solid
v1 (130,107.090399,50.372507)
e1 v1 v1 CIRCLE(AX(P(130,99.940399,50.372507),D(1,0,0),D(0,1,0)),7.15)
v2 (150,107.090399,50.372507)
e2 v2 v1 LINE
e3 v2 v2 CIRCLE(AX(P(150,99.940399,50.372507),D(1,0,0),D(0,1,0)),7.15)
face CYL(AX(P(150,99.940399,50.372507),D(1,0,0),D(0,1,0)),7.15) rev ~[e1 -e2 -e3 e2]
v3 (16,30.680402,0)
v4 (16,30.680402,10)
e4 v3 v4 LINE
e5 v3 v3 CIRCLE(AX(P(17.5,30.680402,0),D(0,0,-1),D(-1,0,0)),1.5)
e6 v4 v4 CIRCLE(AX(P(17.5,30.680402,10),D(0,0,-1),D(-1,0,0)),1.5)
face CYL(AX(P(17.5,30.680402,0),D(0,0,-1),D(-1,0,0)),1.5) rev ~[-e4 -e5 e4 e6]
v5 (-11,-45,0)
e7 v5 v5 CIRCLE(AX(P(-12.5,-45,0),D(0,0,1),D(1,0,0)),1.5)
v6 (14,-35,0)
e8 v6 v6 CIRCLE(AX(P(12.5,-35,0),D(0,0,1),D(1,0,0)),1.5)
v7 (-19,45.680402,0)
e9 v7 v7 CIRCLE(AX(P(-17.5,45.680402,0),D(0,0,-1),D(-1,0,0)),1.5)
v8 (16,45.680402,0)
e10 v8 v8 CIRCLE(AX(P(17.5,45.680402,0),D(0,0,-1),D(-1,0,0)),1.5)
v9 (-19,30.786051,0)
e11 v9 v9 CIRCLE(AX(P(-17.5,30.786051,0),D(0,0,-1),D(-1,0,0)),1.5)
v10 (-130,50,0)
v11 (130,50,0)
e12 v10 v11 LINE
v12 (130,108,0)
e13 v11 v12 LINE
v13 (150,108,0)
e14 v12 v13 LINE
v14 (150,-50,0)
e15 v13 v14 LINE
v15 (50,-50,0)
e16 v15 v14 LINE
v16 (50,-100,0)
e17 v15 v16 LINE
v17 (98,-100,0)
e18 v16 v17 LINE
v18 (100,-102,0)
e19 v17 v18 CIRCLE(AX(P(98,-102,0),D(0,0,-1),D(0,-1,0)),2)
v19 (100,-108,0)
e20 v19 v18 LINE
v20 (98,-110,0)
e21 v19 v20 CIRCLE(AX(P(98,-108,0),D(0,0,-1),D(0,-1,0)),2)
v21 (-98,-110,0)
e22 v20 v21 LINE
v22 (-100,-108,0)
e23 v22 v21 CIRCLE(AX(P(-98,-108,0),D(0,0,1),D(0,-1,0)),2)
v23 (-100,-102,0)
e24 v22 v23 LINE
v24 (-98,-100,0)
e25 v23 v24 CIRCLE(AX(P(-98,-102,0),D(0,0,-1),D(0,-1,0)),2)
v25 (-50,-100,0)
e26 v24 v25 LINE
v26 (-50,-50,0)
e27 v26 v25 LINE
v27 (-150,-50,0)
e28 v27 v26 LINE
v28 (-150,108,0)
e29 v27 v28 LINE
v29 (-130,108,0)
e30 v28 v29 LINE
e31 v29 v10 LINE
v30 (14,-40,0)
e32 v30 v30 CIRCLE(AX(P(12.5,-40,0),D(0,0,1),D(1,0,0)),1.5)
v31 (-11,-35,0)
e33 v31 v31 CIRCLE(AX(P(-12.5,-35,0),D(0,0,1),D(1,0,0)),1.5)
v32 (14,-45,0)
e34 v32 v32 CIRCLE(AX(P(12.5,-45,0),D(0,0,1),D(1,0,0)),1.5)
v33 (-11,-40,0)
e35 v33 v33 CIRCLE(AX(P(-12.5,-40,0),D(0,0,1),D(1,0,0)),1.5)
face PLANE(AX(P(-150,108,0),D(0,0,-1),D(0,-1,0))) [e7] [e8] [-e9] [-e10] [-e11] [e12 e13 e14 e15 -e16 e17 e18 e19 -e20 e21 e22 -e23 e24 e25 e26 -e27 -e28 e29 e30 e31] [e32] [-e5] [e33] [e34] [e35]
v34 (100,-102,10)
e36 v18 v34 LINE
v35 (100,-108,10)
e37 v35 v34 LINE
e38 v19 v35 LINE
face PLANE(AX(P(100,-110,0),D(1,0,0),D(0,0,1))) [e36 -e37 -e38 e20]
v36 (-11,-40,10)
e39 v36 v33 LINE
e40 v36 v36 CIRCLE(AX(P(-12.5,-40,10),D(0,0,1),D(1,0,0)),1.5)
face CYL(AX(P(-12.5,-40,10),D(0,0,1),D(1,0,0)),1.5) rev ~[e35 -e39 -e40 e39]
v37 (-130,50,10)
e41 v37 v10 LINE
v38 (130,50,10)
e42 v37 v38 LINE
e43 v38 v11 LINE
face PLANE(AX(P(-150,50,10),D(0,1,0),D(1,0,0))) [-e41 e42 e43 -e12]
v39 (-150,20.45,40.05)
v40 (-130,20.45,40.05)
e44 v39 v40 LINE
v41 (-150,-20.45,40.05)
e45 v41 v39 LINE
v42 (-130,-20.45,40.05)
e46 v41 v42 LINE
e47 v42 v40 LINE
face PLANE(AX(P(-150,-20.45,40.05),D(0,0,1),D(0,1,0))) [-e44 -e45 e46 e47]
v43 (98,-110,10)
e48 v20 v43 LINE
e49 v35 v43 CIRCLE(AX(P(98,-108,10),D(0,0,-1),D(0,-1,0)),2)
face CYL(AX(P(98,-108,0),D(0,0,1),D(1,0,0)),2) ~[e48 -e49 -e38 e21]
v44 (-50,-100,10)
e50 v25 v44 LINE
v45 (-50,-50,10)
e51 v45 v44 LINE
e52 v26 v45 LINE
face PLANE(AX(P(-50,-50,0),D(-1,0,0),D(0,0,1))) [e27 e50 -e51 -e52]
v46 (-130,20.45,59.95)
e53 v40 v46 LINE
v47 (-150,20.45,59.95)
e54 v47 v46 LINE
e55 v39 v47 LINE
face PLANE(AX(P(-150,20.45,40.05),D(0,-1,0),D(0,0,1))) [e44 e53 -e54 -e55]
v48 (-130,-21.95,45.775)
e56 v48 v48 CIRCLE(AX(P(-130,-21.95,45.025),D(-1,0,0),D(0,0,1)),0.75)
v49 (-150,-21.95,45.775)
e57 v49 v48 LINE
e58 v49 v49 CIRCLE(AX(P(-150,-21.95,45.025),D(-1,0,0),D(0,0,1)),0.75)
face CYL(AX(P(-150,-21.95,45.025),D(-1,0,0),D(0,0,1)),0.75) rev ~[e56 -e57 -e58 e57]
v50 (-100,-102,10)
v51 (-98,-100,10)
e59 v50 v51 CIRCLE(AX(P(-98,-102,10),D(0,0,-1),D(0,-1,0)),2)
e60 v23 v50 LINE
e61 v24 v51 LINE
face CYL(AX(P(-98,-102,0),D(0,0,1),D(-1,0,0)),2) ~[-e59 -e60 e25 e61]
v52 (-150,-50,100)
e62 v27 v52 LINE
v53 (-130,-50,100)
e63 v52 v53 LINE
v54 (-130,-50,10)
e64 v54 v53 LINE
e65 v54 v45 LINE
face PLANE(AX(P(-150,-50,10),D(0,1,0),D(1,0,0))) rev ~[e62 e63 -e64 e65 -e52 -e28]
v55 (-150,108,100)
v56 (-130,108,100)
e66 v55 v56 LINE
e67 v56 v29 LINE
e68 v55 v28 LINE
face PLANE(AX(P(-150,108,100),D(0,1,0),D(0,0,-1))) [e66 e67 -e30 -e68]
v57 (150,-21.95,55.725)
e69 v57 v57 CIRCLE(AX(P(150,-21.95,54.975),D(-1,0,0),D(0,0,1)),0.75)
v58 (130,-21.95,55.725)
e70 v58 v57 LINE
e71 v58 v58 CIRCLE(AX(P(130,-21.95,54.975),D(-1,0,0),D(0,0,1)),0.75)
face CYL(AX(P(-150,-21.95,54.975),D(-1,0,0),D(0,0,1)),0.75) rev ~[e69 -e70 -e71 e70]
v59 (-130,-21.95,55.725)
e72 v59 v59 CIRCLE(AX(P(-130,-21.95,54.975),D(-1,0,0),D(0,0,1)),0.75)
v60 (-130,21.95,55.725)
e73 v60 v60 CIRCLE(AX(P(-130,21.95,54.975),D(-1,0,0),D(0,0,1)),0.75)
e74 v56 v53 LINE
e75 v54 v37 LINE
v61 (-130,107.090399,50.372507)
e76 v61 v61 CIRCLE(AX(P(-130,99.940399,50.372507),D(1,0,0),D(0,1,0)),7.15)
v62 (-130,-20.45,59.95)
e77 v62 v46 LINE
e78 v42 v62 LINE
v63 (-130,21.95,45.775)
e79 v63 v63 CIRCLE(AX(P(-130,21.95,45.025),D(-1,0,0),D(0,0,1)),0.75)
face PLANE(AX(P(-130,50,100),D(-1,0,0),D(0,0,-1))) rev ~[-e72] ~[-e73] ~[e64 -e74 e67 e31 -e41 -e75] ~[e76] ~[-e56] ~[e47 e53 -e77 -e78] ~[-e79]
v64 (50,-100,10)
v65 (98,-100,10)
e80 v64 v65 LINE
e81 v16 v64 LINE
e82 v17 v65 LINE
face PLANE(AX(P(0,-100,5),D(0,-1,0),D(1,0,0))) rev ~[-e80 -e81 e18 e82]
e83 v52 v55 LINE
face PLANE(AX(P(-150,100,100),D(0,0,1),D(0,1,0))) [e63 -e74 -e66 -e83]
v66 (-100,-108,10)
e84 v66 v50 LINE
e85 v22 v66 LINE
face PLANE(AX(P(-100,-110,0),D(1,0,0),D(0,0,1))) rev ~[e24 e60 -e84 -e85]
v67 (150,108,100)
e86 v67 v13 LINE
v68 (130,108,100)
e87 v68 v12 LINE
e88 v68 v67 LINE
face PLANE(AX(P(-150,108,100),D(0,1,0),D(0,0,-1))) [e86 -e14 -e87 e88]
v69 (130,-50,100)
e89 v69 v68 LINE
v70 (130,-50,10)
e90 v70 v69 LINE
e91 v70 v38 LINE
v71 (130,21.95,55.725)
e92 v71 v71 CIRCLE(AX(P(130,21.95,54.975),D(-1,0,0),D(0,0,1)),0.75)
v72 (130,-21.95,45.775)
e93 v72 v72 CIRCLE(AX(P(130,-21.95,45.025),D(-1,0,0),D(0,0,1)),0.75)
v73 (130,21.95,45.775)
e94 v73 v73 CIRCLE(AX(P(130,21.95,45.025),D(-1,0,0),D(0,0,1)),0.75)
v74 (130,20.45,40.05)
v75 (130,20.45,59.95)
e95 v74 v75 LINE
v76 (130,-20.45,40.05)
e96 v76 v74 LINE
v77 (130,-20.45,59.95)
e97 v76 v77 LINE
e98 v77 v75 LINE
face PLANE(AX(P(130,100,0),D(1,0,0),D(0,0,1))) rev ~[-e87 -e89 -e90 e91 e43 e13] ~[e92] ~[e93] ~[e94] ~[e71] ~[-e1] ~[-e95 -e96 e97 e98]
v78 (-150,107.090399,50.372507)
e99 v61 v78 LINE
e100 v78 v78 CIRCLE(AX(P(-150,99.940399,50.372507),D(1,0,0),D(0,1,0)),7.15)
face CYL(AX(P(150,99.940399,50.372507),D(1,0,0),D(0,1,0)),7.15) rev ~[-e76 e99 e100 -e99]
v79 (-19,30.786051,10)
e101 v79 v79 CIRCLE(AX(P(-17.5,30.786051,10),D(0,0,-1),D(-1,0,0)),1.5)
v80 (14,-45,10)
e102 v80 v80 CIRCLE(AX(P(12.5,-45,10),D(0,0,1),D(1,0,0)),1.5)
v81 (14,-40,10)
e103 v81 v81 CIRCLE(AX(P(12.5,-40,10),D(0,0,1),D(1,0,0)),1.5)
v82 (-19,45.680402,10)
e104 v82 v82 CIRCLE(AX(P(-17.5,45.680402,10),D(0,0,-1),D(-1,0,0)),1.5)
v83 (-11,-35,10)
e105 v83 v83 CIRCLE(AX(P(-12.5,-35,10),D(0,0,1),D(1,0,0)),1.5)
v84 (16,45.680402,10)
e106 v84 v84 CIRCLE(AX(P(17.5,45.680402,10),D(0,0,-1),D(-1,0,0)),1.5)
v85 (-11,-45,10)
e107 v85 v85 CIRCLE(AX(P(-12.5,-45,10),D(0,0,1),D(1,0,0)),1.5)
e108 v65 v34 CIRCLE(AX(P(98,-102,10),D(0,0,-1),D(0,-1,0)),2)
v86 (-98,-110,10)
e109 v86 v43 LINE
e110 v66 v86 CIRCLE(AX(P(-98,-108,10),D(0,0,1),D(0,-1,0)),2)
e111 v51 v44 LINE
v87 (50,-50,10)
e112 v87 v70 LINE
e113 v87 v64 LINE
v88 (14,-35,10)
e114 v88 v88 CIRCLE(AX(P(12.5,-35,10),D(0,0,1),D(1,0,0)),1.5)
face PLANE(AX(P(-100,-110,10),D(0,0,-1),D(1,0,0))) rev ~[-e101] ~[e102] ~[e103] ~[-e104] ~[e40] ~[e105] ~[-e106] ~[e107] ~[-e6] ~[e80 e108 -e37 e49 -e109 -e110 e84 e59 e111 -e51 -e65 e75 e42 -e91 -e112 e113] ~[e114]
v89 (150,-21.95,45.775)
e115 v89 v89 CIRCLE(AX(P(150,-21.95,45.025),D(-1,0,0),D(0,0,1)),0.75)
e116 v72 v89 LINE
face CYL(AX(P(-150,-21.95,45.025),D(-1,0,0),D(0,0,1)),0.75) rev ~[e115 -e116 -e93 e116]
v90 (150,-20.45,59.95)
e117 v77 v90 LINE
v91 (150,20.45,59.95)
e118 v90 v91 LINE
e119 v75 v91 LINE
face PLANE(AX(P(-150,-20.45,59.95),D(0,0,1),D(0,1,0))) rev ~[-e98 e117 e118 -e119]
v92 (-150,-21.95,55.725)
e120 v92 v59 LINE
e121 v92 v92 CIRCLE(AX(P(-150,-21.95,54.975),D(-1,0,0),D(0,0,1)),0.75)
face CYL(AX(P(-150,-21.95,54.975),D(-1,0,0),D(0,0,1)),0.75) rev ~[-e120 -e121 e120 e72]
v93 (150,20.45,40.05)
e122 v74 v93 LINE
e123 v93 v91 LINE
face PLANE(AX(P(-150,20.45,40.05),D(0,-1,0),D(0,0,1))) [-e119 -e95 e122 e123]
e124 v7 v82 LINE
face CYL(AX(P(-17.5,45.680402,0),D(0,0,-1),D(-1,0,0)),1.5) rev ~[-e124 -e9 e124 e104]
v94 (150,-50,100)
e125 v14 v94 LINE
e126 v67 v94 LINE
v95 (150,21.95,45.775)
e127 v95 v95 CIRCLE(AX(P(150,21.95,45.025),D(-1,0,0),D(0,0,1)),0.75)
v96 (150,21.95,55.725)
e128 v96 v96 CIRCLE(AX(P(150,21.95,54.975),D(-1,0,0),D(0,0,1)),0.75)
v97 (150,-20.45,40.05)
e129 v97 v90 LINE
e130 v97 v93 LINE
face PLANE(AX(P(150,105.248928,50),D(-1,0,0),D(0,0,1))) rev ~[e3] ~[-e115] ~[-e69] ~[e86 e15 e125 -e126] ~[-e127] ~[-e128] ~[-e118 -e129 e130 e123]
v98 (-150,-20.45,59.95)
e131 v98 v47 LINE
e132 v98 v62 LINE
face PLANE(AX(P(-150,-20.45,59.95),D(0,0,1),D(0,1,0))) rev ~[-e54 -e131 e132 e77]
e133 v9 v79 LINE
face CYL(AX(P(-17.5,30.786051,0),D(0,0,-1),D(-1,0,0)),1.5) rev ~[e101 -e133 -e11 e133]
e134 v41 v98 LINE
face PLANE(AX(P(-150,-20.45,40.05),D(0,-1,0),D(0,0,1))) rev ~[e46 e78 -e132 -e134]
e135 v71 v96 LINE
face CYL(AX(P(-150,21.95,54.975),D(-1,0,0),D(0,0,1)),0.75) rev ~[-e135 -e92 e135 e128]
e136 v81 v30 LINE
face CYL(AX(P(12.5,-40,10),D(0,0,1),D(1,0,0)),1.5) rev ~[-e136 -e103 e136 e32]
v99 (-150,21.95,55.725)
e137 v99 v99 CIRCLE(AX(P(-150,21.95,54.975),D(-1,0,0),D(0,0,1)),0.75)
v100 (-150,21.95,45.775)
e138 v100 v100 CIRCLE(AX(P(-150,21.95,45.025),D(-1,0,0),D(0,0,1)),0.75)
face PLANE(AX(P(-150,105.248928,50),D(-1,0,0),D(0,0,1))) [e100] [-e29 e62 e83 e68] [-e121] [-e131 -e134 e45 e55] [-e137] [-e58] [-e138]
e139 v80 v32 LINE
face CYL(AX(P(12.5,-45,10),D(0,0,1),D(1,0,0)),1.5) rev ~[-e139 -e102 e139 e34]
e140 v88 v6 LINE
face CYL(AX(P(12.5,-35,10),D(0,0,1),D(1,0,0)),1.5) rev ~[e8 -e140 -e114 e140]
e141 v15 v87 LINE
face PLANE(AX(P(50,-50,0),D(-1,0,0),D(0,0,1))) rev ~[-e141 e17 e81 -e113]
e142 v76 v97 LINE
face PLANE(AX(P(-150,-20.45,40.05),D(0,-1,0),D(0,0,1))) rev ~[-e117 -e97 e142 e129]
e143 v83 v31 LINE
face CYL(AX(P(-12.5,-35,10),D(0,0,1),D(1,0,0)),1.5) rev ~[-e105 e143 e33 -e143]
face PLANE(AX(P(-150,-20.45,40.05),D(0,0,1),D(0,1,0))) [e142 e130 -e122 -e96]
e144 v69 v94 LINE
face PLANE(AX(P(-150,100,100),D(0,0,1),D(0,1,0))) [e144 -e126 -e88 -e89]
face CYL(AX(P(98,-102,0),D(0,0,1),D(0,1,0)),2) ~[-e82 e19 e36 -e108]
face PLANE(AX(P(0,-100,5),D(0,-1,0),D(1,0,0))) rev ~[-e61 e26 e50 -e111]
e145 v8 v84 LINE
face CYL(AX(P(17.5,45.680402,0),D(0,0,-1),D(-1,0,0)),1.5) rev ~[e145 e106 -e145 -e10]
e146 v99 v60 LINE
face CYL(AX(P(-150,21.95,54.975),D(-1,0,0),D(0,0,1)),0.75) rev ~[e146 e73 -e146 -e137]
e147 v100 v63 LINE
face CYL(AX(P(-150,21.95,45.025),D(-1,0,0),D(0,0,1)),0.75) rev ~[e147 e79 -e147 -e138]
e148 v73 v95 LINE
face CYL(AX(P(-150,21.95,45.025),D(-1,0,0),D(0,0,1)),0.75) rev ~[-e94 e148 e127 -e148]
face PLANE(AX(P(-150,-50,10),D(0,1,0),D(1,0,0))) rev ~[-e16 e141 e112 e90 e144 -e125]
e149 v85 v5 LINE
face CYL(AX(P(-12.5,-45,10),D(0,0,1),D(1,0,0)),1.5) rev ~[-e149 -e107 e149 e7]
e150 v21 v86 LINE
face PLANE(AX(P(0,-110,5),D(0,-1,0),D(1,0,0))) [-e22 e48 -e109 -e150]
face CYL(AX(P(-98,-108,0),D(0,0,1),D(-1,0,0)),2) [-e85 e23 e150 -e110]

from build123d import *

# Parameters (mm, degrees)
SKETCH1_W           = 300
SKETCH1_H           = 100
BOSS_EXTRUDE1_DEPTH = 10
SKETCH2_W           = 20
SKETCH2_H           = 100
BOSS_EXTRUDE2_DEPTH = 90
SKETCH3_W           = 19.9
SKETCH3_H           = 40.9
SKETCH3_R           = 0.75
CUT_EXTRUDE1_DEPTH  = 321.156211872
SKETCH4_W           = 100
SKETCH4_H           = 10
BOSS_EXTRUDE4_DEPTH = 60
SKETCH6_W           = 200
SKETCH6_H           = 10
BOSS_EXTRUDE5_DEPTH = 10
FILLET1_R           = 2
SKETCH8_W           = 20
SKETCH8_H           = 100
BOSS_EXTRUDE7_DEPTH = 50
BOSS_EXTRUDE9_DEPTH = 300
SKETCH12_W          = 260
SKETCH12_H          = 100
CUT_EXTRUDE4_DEPTH  = 20
SKETCH13_R          = 1.5
CUT_EXTRUDE5_DEPTH  = 207.639783198
SKETCH14_R          = 7.15
CUT_EXTRUDE7_DEPTH  = 335.813380856
SKETCH15_R          = 1.5
CUT_EXTRUDE8_DEPTH  = 212.187120819


with BuildPart() as part:
    # Sketch1 → Boss-Extrude1 (new body)
    with BuildSketch(Plane.XY):
        Rectangle(SKETCH1_W, SKETCH1_H)
    extrude(amount=BOSS_EXTRUDE1_DEPTH)

    # Sketch2 → Boss-Extrude2 (add)
    with BuildSketch(Plane.XY.offset(10)):
        with Locations((-140, 0)):
            Rectangle(SKETCH2_W, SKETCH2_H)
        with Locations((140, 0)):
            Rectangle(SKETCH2_W, SKETCH2_H)
    extrude(amount=BOSS_EXTRUDE2_DEPTH)

    # Sketch3 → Cut-Extrude1 (cut, through all)
    with BuildSketch(Plane.ZY.offset(150)):
        with Locations((50, 0)):
            Rectangle(SKETCH3_W, SKETCH3_H)
        with Locations((45.025, 21.95)):
            Circle(SKETCH3_R)
        with Locations((54.975, 21.95)):
            Circle(SKETCH3_R)
        with Locations((45.025, -21.95)):
            Circle(SKETCH3_R)
        with Locations((54.975, -21.95)):
            Circle(SKETCH3_R)
    extrude(amount=-CUT_EXTRUDE1_DEPTH, mode=Mode.SUBTRACT)

    # Sketch4 → Boss-Extrude4 (add)
    with BuildSketch(Plane.XZ.offset(50)):
        with Locations((0, 5)):
            Rectangle(SKETCH4_W, SKETCH4_H)
    extrude(amount=BOSS_EXTRUDE4_DEPTH)

    # Sketch6 → Boss-Extrude5 (add)
    with BuildSketch(Plane.XZ.offset(110)):
        with Locations((0, 5)):
            Rectangle(SKETCH6_W, SKETCH6_H)
    extrude(amount=-BOSS_EXTRUDE5_DEPTH)

    # Fillet1
    fillet1_edges = [part.edges().sort_by_distance(p)[0] for p in [
        (-100, -110, 5),
        (100, -100, 5),
        (-100, -100, 5),
        (100, -110, 5),
    ]]
    fillet(fillet1_edges, radius=FILLET1_R)

    # Sketch8 → Boss-Extrude7 (add)
    with BuildSketch(Plane(origin=(0, 50, 0), x_dir=(1, 0, 0), z_dir=(0, 1, 0))):
        with Locations((-140, -50)):
            Rectangle(SKETCH8_W, SKETCH8_H)
        with Locations((140, -50)):
            Rectangle(SKETCH8_W, SKETCH8_H)
    extrude(amount=BOSS_EXTRUDE7_DEPTH)

    # Sketch9 → Boss-Extrude9 (add, through all)
    with BuildSketch(Plane.ZY.offset(150)):
        with BuildLine():
            Line((0, 108), (0, 102.5))
            Line((0, 102.5), (48.5, 102.5))
            ThreePointArc((48.5, 102.5), (50, 104), (51.5, 102.5))
            Line((51.5, 102.5), (100, 102.5))
            Line((100, 102.5), (100, 108))
            Line((100, 108), (0, 108))
        make_face()
        with BuildLine():
            Line((0, 102.5), (0, 100))
            Line((0, 100), (100, 100))
            Line((100, 100), (100, 102.5))
            Line((100, 102.5), (51.5, 102.5))
            ThreePointArc((51.5, 102.5), (50, 101), (48.5, 102.5))
            Line((48.5, 102.5), (0, 102.5))
        make_face()
    extrude(amount=-BOSS_EXTRUDE9_DEPTH)

    # Sketch12 → Cut-Extrude4 (cut)
    with BuildSketch(Plane.XZ.offset(-100)):
        with Locations((0, 50)):
            Rectangle(SKETCH12_W, SKETCH12_H)
    extrude(amount=-CUT_EXTRUDE4_DEPTH, mode=Mode.SUBTRACT)

    # Sketch13 → Cut-Extrude5 (cut, through all)
    with BuildSketch(Plane.XY.offset(10)):
        with Locations((12.5, -35)):
            Circle(SKETCH13_R)
        with Locations((12.5, -40)):
            Circle(SKETCH13_R)
        with Locations((12.5, -45)):
            Circle(SKETCH13_R)
        with Locations((-12.5, -35)):
            Circle(SKETCH13_R)
        with Locations((-12.5, -40)):
            Circle(SKETCH13_R)
        with Locations((-12.5, -45)):
            Circle(SKETCH13_R)
    extrude(amount=-CUT_EXTRUDE5_DEPTH, mode=Mode.SUBTRACT)

    # Sketch14 → Cut-Extrude7 (cut, through all)
    with BuildSketch(Plane(origin=(150, 0, 0), x_dir=(0, 0, -1), z_dir=(1, 0, 0))):
        with Locations(Location((-50.372507489, 99.940398802, 0), (0, 0, 90))):
            Circle(SKETCH14_R)
    extrude(amount=-CUT_EXTRUDE7_DEPTH, mode=Mode.SUBTRACT)

    # Sketch15 → Cut-Extrude8 (cut, through all)
    with BuildSketch(Plane(origin=(0, 0, 0), x_dir=(-1, 0, 0), z_dir=(0, 0, -1))):
        with Locations((-17.5, 45.680401999)):
            Circle(SKETCH15_R)
        with Locations((17.5, 45.680401999)):
            Circle(SKETCH15_R)
        with Locations((-17.5, 30.680401999)):
            Circle(SKETCH15_R)
        with Locations((17.5, 30.786051179)):
            Circle(SKETCH15_R)
    extrude(amount=-CUT_EXTRUDE8_DEPTH, mode=Mode.SUBTRACT)


solid = part.part
